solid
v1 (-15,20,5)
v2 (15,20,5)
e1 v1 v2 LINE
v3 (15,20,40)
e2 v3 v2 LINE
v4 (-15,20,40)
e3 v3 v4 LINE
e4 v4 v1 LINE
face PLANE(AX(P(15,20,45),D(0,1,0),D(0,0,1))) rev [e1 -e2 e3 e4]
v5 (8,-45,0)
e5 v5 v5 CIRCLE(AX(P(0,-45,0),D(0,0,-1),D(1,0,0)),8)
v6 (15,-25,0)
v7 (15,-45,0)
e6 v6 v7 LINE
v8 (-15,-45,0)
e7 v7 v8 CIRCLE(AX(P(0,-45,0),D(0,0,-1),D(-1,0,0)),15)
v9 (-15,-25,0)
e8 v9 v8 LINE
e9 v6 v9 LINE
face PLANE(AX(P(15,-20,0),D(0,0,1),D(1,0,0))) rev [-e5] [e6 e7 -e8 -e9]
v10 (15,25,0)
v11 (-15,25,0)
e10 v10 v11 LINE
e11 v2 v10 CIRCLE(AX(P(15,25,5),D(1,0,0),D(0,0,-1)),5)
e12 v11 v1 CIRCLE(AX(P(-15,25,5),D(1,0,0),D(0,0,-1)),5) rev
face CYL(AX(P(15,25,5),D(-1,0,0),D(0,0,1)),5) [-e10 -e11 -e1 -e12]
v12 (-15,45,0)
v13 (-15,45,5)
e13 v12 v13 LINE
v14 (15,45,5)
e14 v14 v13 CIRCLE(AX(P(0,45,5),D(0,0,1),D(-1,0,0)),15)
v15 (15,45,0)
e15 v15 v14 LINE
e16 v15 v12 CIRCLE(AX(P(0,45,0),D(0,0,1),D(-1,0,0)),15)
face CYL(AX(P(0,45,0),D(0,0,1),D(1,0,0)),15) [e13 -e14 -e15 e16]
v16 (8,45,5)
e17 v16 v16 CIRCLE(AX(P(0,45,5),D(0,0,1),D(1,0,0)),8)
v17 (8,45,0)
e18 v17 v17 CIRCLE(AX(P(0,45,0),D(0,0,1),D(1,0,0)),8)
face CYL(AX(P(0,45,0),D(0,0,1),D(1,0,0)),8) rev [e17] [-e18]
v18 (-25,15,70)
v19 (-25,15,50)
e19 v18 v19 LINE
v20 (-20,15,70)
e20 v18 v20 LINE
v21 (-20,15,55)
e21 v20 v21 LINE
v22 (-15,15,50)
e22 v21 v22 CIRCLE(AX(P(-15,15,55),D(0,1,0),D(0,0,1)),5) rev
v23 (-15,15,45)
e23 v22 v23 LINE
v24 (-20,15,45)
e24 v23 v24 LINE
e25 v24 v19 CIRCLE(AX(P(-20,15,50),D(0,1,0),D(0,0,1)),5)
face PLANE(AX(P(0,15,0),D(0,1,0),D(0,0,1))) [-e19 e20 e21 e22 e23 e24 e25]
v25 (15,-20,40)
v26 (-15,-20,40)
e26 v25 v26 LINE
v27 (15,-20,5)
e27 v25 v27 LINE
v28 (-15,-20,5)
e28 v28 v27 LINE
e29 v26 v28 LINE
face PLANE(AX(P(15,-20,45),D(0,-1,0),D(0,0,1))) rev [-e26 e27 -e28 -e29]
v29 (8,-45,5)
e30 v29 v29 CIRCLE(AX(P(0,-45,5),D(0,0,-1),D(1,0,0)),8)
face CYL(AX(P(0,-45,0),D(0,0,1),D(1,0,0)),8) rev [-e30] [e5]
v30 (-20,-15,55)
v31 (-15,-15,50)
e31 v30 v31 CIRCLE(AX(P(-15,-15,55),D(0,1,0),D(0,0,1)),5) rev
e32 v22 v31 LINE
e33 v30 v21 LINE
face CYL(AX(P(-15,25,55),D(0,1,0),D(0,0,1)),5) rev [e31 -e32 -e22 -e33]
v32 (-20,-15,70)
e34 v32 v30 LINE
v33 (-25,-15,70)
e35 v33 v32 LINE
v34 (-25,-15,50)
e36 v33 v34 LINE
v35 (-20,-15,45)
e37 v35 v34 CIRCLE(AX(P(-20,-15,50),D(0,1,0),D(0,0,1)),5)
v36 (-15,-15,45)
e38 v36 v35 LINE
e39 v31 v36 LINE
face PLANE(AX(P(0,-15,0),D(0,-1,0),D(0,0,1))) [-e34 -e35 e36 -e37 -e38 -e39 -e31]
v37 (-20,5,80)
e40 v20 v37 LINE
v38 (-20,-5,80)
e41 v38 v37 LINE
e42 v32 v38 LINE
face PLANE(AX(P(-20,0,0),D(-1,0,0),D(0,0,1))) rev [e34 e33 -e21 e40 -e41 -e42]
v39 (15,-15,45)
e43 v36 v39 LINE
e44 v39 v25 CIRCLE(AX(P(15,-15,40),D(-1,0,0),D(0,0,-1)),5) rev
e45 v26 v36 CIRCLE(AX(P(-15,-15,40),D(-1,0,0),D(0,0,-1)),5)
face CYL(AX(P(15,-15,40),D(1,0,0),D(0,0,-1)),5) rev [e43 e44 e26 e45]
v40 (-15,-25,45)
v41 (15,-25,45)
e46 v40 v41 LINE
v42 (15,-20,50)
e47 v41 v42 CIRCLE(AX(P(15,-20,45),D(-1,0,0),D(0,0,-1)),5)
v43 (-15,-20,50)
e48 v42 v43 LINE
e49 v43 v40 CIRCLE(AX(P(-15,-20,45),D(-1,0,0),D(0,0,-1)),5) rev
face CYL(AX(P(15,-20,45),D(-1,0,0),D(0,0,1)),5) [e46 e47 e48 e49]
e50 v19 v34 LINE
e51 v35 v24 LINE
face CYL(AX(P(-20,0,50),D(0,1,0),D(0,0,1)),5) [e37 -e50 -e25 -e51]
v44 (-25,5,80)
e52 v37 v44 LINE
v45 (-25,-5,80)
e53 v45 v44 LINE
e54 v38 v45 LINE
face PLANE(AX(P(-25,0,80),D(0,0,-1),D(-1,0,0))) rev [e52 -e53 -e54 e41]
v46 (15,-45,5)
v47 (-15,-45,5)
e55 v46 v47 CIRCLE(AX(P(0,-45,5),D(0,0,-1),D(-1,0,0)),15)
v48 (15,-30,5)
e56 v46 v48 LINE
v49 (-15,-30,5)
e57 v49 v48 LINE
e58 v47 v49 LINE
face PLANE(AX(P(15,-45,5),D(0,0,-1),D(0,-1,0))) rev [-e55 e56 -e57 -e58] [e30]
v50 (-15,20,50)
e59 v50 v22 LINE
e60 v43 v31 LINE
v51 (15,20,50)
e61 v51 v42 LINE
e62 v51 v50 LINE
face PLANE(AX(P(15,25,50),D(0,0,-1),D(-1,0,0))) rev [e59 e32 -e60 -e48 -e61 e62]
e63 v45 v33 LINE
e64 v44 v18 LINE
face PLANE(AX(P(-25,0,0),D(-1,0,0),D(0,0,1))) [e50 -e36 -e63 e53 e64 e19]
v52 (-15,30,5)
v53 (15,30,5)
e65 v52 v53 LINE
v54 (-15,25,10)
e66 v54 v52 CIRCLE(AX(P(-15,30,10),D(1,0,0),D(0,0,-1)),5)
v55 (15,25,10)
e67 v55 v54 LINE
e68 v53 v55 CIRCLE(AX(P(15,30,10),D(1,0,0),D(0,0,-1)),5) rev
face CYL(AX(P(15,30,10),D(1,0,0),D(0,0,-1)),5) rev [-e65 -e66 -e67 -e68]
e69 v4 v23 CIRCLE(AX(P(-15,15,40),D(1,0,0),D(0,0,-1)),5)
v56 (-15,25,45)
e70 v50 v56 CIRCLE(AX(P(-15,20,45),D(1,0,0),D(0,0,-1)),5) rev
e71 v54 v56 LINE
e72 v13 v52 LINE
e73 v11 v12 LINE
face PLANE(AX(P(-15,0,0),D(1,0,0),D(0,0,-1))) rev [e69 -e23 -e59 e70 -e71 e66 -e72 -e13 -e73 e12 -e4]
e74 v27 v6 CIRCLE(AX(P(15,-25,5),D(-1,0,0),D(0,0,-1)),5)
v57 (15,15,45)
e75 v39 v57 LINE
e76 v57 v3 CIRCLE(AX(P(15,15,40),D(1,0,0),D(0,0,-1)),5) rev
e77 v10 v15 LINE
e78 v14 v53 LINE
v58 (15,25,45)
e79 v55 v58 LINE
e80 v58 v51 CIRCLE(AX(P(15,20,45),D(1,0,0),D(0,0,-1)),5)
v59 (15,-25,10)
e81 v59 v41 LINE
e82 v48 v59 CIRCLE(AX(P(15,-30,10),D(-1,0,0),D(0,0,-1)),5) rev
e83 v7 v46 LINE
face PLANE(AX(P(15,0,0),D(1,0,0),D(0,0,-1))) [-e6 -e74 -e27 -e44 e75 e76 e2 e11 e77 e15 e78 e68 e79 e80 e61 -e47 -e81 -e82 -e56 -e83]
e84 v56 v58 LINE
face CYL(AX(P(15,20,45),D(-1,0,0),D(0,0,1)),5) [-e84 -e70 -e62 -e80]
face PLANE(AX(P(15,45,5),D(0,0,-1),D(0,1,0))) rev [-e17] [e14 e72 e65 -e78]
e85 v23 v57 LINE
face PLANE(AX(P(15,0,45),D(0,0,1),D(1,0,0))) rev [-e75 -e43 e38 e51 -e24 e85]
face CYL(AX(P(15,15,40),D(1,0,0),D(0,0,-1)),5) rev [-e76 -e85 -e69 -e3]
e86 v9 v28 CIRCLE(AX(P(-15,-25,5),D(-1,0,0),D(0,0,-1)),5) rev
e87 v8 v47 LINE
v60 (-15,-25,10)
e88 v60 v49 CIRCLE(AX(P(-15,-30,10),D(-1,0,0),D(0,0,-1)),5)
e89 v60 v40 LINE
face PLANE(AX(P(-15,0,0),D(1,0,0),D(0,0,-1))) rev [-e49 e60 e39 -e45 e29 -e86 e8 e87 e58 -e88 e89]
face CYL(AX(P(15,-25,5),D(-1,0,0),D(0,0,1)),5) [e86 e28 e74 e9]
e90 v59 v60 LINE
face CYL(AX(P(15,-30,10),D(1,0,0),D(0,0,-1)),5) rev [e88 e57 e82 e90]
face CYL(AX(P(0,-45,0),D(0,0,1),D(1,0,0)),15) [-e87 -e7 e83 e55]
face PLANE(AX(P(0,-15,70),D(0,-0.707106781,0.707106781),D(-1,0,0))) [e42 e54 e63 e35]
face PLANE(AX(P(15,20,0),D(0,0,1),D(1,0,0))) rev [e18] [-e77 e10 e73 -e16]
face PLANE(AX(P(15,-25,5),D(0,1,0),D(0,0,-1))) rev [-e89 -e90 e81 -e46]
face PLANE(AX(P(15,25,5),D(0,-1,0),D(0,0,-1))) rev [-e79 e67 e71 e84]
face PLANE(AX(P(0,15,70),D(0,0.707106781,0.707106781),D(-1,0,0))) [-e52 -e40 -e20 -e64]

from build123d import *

# Parameters (mm, degrees)
BOSS_EXTRUDE1_DEPTH = 15
FILLET1_R           = 5
FILLET2_R           = 5
SKETCH4_W           = 5
SKETCH4_H           = 5
BOSS_EXTRUDE2_DEPTH = 15
SKETCH6_W           = 15
SKETCH6_H           = 35
BOSS_EXTRUDE3_DEPTH = 5
FILLET3_R           = 5
CHAMFER1_SIZE       = 10
BOSS_EXTRUDE4_DEPTH = 5
SKETCH9_R           = 8
CUT_EXTRUDE6_DEPTH  = 5


with BuildPart() as part:
    # Sketch1 → Boss-Extrude1 (new body, symmetric)
    with BuildSketch(Plane.YZ):
        Polygon((45, 0), (45, 5), (25, 5), (25, 50), (0, 50), (0, 45), (20, 45), (20, 0), align=None)
    extrude(amount=BOSS_EXTRUDE1_DEPTH, both=True)

    # Fillet1
    fillet1_edges = [part.edges().sort_by_distance(p)[0] for p in [
        (0, 25, 5),
    ]]
    fillet(fillet1_edges, radius=FILLET1_R)

    # Fillet2
    fillet2_edges = [part.edges().sort_by_distance(p)[0] for p in [
        (0, 20, 0),
        (0, 20, 45),
        (0, 25, 50),
    ]]
    fillet(fillet2_edges, radius=FILLET2_R)

    # Sketch4 → Boss-Extrude2 (add)
    with BuildSketch(Plane(origin=(0, 0, 0), x_dir=(-1, 0, 0), z_dir=(0, 1, 0))):
        with Locations((17.5, 47.5)):
            Rectangle(SKETCH4_W, SKETCH4_H)
    extrude(amount=BOSS_EXTRUDE2_DEPTH)

    # Sketch6 → Boss-Extrude3 (add)
    with BuildSketch(Plane(origin=(-20, 0, 0), x_dir=(0, -1, 0), z_dir=(-1, 0, 0))):
        with Locations((-7.5, 62.5)):
            Rectangle(SKETCH6_W, SKETCH6_H)
    extrude(amount=BOSS_EXTRUDE3_DEPTH)

    # Fillet3
    fillet3_edges = [part.edges().sort_by_distance(p)[0] for p in [
        (-25, 7.5, 45),
        (-20, 7.5, 50),
    ]]
    fillet(fillet3_edges, radius=FILLET3_R)

    # Chamfer1
    chamfer1_edges = [part.edges().sort_by_distance(p)[0] for p in [
        (-22.5, 15, 80),
    ]]
    chamfer(chamfer1_edges, length=CHAMFER1_SIZE)

    # Sketch8 → Boss-Extrude4 (add)
    with BuildSketch(Plane.XY.offset(5)):
        with BuildLine():
            Line((-15, 45), (15, 45))
            ThreePointArc((15, 45), (0, 60), (-15, 45))
        make_face()
    extrude(amount=-BOSS_EXTRUDE4_DEPTH)

    # Sketch9 → Cut-Extrude6 (cut)
    with BuildSketch(Plane.XY.offset(5)):
        with Locations((0, 45)):
            Circle(SKETCH9_R)
    extrude(amount=-CUT_EXTRUDE6_DEPTH, mode=Mode.SUBTRACT)

    # Mirror2: part across plane


with BuildPart() as part_1:
    add(part.part)
    add(part.part.mirror(Plane(origin=(15, 0, 50), x_dir=(0, 0, 1), z_dir=(0, 1, 0))))


solid = part_1.part
